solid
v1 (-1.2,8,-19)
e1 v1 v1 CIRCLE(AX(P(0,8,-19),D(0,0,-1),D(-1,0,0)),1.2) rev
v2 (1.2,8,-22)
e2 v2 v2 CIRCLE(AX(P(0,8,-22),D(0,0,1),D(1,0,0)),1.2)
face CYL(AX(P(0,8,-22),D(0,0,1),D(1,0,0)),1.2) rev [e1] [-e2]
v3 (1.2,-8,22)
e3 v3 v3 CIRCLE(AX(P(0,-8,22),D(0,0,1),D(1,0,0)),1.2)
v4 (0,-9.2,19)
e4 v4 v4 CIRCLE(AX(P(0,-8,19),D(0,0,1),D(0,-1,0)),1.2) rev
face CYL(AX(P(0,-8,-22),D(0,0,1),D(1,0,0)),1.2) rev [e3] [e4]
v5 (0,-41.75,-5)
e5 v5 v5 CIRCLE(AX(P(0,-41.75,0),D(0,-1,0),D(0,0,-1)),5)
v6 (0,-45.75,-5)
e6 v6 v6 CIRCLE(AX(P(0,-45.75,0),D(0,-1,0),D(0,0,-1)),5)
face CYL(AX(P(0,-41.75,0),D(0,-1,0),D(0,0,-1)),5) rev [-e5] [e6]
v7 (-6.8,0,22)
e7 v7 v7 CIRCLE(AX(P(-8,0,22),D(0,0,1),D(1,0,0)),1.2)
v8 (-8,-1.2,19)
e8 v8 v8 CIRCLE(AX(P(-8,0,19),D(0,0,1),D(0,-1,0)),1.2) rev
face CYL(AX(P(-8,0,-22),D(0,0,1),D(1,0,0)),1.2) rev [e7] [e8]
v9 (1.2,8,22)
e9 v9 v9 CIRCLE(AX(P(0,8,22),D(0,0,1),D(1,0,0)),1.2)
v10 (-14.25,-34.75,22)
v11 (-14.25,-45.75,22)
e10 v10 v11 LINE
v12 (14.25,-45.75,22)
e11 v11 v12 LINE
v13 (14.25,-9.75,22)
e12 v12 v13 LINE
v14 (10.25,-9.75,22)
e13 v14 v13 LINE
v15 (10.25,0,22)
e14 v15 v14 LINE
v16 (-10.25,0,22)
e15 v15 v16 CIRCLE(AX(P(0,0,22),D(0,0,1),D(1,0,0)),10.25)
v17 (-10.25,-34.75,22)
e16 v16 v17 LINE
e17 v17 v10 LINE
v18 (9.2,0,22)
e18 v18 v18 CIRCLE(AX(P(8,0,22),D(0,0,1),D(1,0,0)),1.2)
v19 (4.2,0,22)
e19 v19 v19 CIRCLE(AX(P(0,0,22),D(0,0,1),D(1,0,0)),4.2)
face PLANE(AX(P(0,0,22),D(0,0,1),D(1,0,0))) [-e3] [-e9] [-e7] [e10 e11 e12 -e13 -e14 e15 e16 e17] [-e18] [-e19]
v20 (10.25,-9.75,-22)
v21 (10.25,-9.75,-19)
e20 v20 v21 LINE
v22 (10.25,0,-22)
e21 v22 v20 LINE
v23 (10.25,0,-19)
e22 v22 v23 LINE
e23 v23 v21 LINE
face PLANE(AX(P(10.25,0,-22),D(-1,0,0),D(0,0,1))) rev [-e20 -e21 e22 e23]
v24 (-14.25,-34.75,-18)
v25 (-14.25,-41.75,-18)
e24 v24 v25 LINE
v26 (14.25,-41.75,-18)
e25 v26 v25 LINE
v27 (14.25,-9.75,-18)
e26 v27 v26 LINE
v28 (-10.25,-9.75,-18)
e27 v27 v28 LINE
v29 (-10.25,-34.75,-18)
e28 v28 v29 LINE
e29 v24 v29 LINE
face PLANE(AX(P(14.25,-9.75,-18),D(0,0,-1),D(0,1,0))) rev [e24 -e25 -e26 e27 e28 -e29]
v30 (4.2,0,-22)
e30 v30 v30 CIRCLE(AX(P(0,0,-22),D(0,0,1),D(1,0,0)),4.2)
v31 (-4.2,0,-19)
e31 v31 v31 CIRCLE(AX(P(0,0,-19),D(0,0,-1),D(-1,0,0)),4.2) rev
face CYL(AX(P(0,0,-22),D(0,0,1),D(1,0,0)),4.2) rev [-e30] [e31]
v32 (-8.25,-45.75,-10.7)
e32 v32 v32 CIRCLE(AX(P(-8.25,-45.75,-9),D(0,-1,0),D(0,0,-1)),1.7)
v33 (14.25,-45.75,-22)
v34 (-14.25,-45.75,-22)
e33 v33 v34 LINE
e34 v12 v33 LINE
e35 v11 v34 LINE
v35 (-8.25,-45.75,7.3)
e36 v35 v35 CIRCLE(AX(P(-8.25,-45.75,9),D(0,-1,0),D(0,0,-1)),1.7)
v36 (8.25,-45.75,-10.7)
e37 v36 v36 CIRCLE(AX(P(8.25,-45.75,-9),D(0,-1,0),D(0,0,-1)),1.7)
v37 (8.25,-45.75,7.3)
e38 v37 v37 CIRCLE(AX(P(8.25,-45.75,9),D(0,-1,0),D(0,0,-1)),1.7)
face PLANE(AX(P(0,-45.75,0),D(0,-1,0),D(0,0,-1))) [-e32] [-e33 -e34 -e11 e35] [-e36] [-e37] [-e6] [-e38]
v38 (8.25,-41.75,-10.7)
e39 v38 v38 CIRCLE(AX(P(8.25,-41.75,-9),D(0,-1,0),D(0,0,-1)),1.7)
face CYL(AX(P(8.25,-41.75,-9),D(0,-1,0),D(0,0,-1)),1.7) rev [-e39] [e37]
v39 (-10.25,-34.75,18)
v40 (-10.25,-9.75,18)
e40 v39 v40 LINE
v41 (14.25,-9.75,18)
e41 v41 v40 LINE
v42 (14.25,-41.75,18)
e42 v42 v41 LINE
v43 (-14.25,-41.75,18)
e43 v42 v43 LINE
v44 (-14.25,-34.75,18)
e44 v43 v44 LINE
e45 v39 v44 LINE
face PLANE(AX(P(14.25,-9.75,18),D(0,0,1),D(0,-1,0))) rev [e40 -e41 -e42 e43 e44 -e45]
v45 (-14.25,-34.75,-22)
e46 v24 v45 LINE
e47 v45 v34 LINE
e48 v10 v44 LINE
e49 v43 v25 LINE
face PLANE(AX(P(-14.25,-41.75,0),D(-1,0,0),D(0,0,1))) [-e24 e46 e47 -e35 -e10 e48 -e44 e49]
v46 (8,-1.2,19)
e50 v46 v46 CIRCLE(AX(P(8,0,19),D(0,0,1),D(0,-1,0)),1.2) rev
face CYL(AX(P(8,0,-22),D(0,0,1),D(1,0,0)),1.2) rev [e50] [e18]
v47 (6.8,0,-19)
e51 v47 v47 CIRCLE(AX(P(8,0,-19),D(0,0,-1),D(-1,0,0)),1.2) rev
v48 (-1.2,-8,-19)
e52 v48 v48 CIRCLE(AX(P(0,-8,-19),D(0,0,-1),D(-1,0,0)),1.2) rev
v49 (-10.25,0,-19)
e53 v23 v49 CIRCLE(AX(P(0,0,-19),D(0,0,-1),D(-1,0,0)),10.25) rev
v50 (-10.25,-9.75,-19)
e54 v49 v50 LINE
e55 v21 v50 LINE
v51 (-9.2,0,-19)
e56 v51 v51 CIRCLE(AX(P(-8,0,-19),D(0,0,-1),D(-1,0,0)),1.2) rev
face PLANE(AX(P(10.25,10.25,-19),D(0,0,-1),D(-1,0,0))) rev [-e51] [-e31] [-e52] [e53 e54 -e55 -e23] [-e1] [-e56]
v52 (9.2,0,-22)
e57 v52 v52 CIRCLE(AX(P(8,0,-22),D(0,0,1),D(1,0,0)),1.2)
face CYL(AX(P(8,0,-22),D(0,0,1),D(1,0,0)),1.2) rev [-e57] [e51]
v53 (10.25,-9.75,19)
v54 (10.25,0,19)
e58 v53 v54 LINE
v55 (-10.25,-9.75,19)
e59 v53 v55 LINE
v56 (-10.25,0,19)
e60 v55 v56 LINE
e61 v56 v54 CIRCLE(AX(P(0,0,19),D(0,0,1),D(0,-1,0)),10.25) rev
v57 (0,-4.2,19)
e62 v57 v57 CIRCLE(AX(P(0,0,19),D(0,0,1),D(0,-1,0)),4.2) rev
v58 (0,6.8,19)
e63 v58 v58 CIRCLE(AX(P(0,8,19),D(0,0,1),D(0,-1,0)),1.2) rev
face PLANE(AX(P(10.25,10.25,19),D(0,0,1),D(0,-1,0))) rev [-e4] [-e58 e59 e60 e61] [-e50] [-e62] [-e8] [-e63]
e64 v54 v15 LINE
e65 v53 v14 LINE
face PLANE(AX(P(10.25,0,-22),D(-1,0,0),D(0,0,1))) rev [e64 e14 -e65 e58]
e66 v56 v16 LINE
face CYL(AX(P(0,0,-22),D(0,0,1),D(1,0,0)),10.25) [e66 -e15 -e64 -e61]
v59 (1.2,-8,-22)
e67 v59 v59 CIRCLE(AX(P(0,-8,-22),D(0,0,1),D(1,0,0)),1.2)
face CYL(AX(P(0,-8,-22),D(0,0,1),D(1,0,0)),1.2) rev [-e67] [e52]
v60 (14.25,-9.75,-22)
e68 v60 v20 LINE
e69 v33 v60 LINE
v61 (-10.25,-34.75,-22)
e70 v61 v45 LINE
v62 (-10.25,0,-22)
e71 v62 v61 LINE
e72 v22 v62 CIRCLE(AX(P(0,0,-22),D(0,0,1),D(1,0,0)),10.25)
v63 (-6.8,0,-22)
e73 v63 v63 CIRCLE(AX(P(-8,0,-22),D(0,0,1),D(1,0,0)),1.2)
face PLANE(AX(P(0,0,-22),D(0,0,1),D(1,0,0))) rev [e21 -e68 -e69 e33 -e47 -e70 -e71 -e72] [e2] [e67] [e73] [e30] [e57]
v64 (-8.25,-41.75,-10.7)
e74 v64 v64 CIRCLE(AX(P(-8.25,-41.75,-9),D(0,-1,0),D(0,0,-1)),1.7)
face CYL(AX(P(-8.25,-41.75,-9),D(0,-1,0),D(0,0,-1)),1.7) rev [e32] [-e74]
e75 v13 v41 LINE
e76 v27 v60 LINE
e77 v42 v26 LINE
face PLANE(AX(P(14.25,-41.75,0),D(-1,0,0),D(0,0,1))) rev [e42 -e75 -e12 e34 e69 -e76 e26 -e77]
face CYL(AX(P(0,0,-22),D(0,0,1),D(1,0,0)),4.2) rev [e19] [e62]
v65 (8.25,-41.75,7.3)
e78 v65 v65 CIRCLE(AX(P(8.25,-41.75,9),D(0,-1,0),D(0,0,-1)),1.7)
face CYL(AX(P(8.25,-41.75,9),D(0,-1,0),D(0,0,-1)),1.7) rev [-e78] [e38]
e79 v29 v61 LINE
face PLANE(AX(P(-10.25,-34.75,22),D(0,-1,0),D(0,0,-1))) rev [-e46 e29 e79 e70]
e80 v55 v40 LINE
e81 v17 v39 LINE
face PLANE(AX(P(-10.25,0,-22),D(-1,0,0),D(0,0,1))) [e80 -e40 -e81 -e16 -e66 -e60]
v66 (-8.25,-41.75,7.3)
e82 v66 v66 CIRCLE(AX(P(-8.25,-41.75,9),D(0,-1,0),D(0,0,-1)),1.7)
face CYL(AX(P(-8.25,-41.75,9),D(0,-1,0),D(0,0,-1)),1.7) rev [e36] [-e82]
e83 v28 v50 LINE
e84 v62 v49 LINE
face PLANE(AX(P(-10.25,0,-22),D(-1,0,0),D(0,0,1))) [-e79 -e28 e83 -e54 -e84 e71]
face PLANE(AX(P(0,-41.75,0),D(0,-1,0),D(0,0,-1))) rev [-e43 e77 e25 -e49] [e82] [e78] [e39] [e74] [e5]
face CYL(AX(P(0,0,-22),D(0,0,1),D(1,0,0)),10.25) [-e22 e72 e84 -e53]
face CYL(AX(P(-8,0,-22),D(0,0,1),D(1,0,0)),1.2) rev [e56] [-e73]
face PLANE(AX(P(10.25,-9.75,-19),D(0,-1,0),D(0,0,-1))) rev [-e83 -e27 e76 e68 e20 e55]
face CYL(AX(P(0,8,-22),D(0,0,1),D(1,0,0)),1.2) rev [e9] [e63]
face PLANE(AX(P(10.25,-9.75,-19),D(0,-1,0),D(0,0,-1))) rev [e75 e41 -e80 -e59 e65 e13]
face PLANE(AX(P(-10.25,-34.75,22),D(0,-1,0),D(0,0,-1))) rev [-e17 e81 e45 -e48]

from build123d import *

# Parameters (mm, degrees)
BOSS_EXTRUDE1_DEPTH      = 22
BOSS_EXTRUDE1_DEPTH_BACK = 22
SKETCH1_R                = 1.2
SKETCH1_R_2              = 4.2
SKETCH2_W                = 38
SKETCH2_H                = 20
CUT_EXTRUDE1_DEPTH       = 105.423416914
SKETCH3_W                = 7
SKETCH3_H                = 44
BOSS_EXTRUDE2_DEPTH      = 36
SKETCH5_W                = 34
SKETCH5_H                = 50
CUT_EXTRUDE3_DEPTH       = 109.047443283
SKETCH6_W                = 20.5
SKETCH6_H                = 54.25
CUT_EXTRUDE4_DEPTH       = 111.605436123
SKETCH20_W               = 28.5
SKETCH20_H               = 34
SKETCH20_R               = 1.7
SKETCH20_R_2             = 5
BOSS_EXTRUDE5_DEPTH      = 4
SKETCH21_W               = 3
SKETCH21_H               = 36
CUT_EXTRUDE12_DEPTH      = 66.777085676
SKETCH22_W               = 4
SKETCH22_H               = 25
CUT_EXTRUDE14_DEPTH      = 66.054784605
CUT_EXTRUDE15_DEPTH      = 57.367654732
CUT_EXTRUDE15_DEPTH_BACK = 57.367654732
SKETCH23_W               = 36
SKETCH23_H               = 32


with BuildPart() as part:
    # Sketch1 → Boss-Extrude1 (new, two sides: drawn at the far end of the back side and taken through both)
    with BuildSketch(Plane.XY.offset(-BOSS_EXTRUDE1_DEPTH_BACK)):
        with BuildLine():
            ThreePointArc((10.25, 0), (0, 10.25), (-10.25, 0))
            Line((-10.25, 0), (-10.25, -100))
            Line((-10.25, -100), (10.25, -100))
            Line((10.25, -100), (10.25, 0))
        make_face()
        with Locations((8, 0)):
            Circle(SKETCH1_R, mode=Mode.SUBTRACT)
        with Locations((0, 8)):
            Circle(SKETCH1_R, mode=Mode.SUBTRACT)
        with Locations((-8, 0)):
            Circle(SKETCH1_R, mode=Mode.SUBTRACT)
        Circle(SKETCH1_R_2, mode=Mode.SUBTRACT)
        with Locations((0, -8)):
            Circle(SKETCH1_R, mode=Mode.SUBTRACT)
    extrude(amount=BOSS_EXTRUDE1_DEPTH + BOSS_EXTRUDE1_DEPTH_BACK)

    # Sketch2 → Cut-Extrude1 (cut, through all)
    with BuildSketch(Plane.ZY.offset(10.25)):
        with Locations((0, 0.25)):
            Rectangle(SKETCH2_W, SKETCH2_H)
    extrude(amount=-CUT_EXTRUDE1_DEPTH, mode=Mode.SUBTRACT)

    # Sketch3 → Boss-Extrude2 (add)
    with BuildSketch(Plane(origin=(0, -9.75, 0), x_dir=(1, 0, 0), z_dir=(0, 1, 0))):
        with Locations((-13.75, 0)):
            Rectangle(SKETCH3_W, SKETCH3_H)
        with Locations((13.75, 0)):
            Rectangle(SKETCH3_W, SKETCH3_H)
    extrude(amount=-BOSS_EXTRUDE2_DEPTH)

    # Sketch5 → Cut-Extrude3 (cut, through all)
    with BuildSketch(Plane.ZY.offset(17.25)):
        with Locations((0, -34.75)):
            Rectangle(SKETCH5_W, SKETCH5_H)
    extrude(amount=-CUT_EXTRUDE3_DEPTH, mode=Mode.SUBTRACT)

    # Sketch6 → Cut-Extrude4 (cut, through all)
    with BuildSketch(Plane.XY.offset(22)):
        with Locations((0, -72.875)):
            Rectangle(SKETCH6_W, SKETCH6_H)
    extrude(amount=-CUT_EXTRUDE4_DEPTH, mode=Mode.SUBTRACT)


with BuildPart() as cut_extrude4_piece_1:
    # of the separate pieces the step leaves, piece 1, a body of its own (cut_extrude4_pieces)
    add(part.part.solids().sort_by_distance((17.25, -45.75, -17))[0])



with BuildPart() as cut_extrude4_piece_2:
    # of the separate pieces the step leaves, piece 2, a body of its own (cut_extrude4_pieces)
    add(part.part.solids().sort_by_distance((-10.25, 0, 22))[0])


with BuildPart() as cut_extrude4_piece_1_1:
    add(cut_extrude4_piece_1.part)

    add(cut_extrude4_piece_2.part)  # Boss-Extrude5 merges Cut-Extrude4 piece 2
    # Sketch20 → Boss-Extrude5 (add)
    with BuildSketch(Plane.XZ.offset(45.75)):
        Rectangle(SKETCH20_W, SKETCH20_H)
        with Locations((-8.25, -9)):
            Circle(SKETCH20_R, mode=Mode.SUBTRACT)
        with Locations((8.25, -9)):
            Circle(SKETCH20_R, mode=Mode.SUBTRACT)
        with Locations((-8.25, 9)):
            Circle(SKETCH20_R, mode=Mode.SUBTRACT)
        Circle(SKETCH20_R_2, mode=Mode.SUBTRACT)
        with Locations((8.25, 9)):
            Circle(SKETCH20_R, mode=Mode.SUBTRACT)
    extrude(amount=-BOSS_EXTRUDE5_DEPTH)

    # Sketch21 → Cut-Extrude12 (cut, through all)
    with BuildSketch(Plane(origin=(0, 0, -22), x_dir=(-1, 0, 0), z_dir=(0, 0, -1))):
        with Locations((-15.75, -27.75)):
            Rectangle(SKETCH21_W, SKETCH21_H)
        with Locations((15.75, -27.75)):
            Rectangle(SKETCH21_W, SKETCH21_H)
    extrude(amount=-CUT_EXTRUDE12_DEPTH, mode=Mode.SUBTRACT)

    # Sketch22 → Cut-Extrude14 (cut, through all)
    with BuildSketch(Plane(origin=(0, 0, -22), x_dir=(-1, 0, 0), z_dir=(0, 0, -1))):
        with Locations((12.25, -22.25)):
            Rectangle(SKETCH22_W, SKETCH22_H)
    extrude(amount=-CUT_EXTRUDE14_DEPTH, mode=Mode.SUBTRACT)

    # Sketch23 → Cut-Extrude15 (cut, two sides: drawn at the far end of the back side and taken through both)
    with BuildSketch(Plane.ZY.offset(10.25).offset(-CUT_EXTRUDE15_DEPTH_BACK)):
        with Locations((0, -25.75)):
            Rectangle(SKETCH23_W, SKETCH23_H)
    extrude(amount=CUT_EXTRUDE15_DEPTH + CUT_EXTRUDE15_DEPTH_BACK, mode=Mode.SUBTRACT)


solid = cut_extrude4_piece_1_1.part
